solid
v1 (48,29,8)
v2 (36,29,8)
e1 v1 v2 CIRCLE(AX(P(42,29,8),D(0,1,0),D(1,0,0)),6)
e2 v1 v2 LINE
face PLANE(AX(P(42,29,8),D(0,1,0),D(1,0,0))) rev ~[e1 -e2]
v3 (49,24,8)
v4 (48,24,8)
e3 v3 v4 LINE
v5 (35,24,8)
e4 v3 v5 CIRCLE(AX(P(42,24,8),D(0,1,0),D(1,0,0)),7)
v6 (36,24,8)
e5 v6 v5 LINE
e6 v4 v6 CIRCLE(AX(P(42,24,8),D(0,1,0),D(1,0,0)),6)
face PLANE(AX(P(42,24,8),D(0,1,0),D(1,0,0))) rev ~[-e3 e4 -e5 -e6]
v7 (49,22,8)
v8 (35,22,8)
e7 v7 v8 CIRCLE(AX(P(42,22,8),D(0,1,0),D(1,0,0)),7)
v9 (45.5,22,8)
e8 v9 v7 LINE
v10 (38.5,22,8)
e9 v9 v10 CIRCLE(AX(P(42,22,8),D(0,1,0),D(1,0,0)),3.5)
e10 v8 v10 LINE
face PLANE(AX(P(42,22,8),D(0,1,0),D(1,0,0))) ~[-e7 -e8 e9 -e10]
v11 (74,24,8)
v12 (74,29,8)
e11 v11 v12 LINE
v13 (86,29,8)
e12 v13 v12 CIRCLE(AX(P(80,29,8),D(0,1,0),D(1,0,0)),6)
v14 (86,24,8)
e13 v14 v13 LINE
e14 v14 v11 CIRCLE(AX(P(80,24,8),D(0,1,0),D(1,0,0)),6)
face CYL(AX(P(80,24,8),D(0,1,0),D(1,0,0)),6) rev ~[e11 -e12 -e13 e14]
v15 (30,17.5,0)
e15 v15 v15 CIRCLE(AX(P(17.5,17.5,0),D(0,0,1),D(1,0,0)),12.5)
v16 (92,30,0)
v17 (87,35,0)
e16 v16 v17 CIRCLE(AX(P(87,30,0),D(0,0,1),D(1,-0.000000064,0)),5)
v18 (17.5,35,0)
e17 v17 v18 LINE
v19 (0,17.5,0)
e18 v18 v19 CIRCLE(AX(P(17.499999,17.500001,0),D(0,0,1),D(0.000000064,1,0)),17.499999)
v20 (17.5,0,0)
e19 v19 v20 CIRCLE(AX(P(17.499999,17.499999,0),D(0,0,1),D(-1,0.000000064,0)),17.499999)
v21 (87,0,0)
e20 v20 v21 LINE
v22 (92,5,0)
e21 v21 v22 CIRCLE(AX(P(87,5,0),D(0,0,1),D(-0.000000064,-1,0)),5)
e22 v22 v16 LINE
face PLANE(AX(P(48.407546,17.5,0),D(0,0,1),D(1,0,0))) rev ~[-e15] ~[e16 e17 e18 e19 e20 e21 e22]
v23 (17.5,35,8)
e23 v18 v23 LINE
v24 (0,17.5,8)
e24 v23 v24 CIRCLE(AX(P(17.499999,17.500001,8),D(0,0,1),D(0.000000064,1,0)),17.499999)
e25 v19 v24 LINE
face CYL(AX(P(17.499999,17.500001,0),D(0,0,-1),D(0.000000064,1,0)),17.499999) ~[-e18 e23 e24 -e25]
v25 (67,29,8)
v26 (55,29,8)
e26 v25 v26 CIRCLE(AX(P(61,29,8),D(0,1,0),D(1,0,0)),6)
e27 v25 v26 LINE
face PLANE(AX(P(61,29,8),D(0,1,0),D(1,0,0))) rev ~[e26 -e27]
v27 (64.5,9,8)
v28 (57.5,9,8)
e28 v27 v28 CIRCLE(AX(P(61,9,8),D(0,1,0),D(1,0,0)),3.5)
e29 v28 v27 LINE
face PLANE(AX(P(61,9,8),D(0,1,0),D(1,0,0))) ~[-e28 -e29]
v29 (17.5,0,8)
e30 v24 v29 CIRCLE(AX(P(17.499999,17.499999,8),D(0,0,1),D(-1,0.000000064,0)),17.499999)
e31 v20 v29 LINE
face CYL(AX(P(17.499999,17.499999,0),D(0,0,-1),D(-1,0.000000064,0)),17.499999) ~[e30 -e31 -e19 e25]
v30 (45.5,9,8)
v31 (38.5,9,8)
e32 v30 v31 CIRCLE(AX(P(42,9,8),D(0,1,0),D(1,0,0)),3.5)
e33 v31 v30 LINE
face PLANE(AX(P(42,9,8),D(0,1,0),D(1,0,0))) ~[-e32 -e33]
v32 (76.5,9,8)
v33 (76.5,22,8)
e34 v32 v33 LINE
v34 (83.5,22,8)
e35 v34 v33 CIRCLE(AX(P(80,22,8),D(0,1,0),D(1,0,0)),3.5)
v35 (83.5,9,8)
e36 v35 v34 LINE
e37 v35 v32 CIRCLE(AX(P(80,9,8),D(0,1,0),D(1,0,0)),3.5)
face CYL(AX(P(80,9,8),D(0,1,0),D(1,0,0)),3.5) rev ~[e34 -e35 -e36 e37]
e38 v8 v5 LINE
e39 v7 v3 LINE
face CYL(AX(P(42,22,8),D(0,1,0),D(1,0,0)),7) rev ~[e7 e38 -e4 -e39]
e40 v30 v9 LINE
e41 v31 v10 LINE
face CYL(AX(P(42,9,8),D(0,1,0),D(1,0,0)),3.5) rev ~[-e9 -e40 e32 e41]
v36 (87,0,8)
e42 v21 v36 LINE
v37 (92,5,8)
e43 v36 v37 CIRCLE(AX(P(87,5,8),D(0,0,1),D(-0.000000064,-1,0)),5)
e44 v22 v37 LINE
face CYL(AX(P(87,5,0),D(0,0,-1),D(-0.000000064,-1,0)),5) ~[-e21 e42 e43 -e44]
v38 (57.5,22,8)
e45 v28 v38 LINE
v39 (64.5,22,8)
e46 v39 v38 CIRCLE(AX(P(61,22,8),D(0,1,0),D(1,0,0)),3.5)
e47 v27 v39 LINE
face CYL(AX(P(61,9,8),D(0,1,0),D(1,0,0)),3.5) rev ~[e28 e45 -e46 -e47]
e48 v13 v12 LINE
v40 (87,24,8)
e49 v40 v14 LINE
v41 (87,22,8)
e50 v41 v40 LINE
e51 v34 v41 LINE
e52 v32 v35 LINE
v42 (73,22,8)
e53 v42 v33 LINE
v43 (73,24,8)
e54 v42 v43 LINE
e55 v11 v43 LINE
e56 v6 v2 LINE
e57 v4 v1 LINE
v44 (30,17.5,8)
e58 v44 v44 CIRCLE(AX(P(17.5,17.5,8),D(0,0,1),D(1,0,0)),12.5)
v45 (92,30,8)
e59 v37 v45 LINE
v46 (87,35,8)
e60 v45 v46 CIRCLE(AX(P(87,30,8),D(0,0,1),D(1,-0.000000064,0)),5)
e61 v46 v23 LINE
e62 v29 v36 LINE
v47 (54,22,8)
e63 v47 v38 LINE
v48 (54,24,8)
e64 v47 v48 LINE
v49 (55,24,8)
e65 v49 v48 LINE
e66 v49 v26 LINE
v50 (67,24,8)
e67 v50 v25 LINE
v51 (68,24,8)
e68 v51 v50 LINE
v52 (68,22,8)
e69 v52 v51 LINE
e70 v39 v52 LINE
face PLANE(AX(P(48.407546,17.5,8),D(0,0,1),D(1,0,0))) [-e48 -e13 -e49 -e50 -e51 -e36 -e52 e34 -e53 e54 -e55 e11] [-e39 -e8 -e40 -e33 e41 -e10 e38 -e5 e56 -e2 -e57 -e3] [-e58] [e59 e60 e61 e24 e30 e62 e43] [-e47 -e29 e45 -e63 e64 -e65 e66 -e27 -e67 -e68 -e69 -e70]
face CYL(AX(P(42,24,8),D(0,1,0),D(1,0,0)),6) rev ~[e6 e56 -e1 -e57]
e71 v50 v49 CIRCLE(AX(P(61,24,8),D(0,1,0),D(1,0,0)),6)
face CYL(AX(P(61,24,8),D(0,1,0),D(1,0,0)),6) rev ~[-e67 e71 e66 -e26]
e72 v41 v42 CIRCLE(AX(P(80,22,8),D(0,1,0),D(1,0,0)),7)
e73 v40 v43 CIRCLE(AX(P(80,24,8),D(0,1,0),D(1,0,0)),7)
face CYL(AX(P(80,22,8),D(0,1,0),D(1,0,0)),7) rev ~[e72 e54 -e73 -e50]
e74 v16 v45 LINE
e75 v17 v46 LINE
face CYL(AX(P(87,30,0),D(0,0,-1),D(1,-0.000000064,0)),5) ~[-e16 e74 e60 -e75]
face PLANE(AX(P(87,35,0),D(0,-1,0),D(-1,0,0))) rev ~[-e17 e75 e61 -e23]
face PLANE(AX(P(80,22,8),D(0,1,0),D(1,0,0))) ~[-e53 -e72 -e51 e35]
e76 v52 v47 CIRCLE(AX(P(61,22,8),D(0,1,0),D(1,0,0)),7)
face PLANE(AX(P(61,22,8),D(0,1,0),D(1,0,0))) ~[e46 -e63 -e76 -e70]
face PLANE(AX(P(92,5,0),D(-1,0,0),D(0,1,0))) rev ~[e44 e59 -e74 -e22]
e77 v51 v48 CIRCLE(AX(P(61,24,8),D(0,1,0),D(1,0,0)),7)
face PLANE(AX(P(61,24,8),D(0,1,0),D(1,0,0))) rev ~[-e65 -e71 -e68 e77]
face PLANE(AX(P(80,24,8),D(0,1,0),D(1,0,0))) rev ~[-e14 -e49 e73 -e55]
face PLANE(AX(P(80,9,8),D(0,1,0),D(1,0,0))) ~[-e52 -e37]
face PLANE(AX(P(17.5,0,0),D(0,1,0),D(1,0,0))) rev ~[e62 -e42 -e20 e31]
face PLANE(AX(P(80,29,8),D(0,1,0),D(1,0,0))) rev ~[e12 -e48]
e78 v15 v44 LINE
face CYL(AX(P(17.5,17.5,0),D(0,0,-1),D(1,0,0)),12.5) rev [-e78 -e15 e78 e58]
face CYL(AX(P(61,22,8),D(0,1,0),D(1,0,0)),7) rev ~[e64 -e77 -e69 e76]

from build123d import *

# Parameters (mm, degrees)
F0_R     = 12.5
F1_DEPTH = 8


with BuildPart() as f1:
    # F0 (on Top) → F1 (new body)
    with BuildSketch(Plane.XY):
        with BuildLine():
            ThreePointArc((0, 17.5), (5.125631, 5.125631), (17.5, 0))
            Line((17.5, 0), (87, 0))
            ThreePointArc((87, 0), (90.535534, 1.464466), (92, 5))
            Line((92, 5), (92, 30))
            ThreePointArc((92, 30), (90.535534, 33.535534), (87, 35))
            Line((87, 35), (17.5, 35))
            ThreePointArc((17.5, 35), (5.125631, 29.874369), (0, 17.5))
        make_face()
        with Locations((17.5, 17.5)):
            Circle(F0_R, mode=Mode.SUBTRACT)
    extrude(amount=F1_DEPTH)

    # F2 (on face) → F3 (revolve, cut)
    with BuildSketch(Plane.XY.offset(8)):
        Polygon((42, 22), (42, 9), (45.5, 9), (45.5, 22), (49, 22), (49, 24), (48, 24), (48, 29), (42, 29), (42, 24), align=None)
    revolve(axis=Axis((42, 15.5, 8), (0, 1, 0)), mode=Mode.SUBTRACT)

    # F2 (on face) → F4 (revolve, cut)
    with BuildSketch(Plane.XY.offset(8)):
        Polygon((61, 22), (61, 9), (64.5, 9), (64.5, 22), (68, 22), (68, 24), (67, 24), (67, 29), (61, 29), (61, 24), align=None)
    revolve(axis=Axis((61, 15.5, 8), (0, 1, 0)), mode=Mode.SUBTRACT)

    # F2 (on face) → F5 (revolve, cut)
    with BuildSketch(Plane.XY.offset(8)):
        Polygon((80, 22), (80, 9), (83.5, 9), (83.5, 22), (87, 22), (87, 24), (86, 24), (86, 29), (80, 29), (80, 24), align=None)
    revolve(axis=Axis((80, 15.5, 8), (0, 1, 0)), mode=Mode.SUBTRACT)


solid = f1.part
